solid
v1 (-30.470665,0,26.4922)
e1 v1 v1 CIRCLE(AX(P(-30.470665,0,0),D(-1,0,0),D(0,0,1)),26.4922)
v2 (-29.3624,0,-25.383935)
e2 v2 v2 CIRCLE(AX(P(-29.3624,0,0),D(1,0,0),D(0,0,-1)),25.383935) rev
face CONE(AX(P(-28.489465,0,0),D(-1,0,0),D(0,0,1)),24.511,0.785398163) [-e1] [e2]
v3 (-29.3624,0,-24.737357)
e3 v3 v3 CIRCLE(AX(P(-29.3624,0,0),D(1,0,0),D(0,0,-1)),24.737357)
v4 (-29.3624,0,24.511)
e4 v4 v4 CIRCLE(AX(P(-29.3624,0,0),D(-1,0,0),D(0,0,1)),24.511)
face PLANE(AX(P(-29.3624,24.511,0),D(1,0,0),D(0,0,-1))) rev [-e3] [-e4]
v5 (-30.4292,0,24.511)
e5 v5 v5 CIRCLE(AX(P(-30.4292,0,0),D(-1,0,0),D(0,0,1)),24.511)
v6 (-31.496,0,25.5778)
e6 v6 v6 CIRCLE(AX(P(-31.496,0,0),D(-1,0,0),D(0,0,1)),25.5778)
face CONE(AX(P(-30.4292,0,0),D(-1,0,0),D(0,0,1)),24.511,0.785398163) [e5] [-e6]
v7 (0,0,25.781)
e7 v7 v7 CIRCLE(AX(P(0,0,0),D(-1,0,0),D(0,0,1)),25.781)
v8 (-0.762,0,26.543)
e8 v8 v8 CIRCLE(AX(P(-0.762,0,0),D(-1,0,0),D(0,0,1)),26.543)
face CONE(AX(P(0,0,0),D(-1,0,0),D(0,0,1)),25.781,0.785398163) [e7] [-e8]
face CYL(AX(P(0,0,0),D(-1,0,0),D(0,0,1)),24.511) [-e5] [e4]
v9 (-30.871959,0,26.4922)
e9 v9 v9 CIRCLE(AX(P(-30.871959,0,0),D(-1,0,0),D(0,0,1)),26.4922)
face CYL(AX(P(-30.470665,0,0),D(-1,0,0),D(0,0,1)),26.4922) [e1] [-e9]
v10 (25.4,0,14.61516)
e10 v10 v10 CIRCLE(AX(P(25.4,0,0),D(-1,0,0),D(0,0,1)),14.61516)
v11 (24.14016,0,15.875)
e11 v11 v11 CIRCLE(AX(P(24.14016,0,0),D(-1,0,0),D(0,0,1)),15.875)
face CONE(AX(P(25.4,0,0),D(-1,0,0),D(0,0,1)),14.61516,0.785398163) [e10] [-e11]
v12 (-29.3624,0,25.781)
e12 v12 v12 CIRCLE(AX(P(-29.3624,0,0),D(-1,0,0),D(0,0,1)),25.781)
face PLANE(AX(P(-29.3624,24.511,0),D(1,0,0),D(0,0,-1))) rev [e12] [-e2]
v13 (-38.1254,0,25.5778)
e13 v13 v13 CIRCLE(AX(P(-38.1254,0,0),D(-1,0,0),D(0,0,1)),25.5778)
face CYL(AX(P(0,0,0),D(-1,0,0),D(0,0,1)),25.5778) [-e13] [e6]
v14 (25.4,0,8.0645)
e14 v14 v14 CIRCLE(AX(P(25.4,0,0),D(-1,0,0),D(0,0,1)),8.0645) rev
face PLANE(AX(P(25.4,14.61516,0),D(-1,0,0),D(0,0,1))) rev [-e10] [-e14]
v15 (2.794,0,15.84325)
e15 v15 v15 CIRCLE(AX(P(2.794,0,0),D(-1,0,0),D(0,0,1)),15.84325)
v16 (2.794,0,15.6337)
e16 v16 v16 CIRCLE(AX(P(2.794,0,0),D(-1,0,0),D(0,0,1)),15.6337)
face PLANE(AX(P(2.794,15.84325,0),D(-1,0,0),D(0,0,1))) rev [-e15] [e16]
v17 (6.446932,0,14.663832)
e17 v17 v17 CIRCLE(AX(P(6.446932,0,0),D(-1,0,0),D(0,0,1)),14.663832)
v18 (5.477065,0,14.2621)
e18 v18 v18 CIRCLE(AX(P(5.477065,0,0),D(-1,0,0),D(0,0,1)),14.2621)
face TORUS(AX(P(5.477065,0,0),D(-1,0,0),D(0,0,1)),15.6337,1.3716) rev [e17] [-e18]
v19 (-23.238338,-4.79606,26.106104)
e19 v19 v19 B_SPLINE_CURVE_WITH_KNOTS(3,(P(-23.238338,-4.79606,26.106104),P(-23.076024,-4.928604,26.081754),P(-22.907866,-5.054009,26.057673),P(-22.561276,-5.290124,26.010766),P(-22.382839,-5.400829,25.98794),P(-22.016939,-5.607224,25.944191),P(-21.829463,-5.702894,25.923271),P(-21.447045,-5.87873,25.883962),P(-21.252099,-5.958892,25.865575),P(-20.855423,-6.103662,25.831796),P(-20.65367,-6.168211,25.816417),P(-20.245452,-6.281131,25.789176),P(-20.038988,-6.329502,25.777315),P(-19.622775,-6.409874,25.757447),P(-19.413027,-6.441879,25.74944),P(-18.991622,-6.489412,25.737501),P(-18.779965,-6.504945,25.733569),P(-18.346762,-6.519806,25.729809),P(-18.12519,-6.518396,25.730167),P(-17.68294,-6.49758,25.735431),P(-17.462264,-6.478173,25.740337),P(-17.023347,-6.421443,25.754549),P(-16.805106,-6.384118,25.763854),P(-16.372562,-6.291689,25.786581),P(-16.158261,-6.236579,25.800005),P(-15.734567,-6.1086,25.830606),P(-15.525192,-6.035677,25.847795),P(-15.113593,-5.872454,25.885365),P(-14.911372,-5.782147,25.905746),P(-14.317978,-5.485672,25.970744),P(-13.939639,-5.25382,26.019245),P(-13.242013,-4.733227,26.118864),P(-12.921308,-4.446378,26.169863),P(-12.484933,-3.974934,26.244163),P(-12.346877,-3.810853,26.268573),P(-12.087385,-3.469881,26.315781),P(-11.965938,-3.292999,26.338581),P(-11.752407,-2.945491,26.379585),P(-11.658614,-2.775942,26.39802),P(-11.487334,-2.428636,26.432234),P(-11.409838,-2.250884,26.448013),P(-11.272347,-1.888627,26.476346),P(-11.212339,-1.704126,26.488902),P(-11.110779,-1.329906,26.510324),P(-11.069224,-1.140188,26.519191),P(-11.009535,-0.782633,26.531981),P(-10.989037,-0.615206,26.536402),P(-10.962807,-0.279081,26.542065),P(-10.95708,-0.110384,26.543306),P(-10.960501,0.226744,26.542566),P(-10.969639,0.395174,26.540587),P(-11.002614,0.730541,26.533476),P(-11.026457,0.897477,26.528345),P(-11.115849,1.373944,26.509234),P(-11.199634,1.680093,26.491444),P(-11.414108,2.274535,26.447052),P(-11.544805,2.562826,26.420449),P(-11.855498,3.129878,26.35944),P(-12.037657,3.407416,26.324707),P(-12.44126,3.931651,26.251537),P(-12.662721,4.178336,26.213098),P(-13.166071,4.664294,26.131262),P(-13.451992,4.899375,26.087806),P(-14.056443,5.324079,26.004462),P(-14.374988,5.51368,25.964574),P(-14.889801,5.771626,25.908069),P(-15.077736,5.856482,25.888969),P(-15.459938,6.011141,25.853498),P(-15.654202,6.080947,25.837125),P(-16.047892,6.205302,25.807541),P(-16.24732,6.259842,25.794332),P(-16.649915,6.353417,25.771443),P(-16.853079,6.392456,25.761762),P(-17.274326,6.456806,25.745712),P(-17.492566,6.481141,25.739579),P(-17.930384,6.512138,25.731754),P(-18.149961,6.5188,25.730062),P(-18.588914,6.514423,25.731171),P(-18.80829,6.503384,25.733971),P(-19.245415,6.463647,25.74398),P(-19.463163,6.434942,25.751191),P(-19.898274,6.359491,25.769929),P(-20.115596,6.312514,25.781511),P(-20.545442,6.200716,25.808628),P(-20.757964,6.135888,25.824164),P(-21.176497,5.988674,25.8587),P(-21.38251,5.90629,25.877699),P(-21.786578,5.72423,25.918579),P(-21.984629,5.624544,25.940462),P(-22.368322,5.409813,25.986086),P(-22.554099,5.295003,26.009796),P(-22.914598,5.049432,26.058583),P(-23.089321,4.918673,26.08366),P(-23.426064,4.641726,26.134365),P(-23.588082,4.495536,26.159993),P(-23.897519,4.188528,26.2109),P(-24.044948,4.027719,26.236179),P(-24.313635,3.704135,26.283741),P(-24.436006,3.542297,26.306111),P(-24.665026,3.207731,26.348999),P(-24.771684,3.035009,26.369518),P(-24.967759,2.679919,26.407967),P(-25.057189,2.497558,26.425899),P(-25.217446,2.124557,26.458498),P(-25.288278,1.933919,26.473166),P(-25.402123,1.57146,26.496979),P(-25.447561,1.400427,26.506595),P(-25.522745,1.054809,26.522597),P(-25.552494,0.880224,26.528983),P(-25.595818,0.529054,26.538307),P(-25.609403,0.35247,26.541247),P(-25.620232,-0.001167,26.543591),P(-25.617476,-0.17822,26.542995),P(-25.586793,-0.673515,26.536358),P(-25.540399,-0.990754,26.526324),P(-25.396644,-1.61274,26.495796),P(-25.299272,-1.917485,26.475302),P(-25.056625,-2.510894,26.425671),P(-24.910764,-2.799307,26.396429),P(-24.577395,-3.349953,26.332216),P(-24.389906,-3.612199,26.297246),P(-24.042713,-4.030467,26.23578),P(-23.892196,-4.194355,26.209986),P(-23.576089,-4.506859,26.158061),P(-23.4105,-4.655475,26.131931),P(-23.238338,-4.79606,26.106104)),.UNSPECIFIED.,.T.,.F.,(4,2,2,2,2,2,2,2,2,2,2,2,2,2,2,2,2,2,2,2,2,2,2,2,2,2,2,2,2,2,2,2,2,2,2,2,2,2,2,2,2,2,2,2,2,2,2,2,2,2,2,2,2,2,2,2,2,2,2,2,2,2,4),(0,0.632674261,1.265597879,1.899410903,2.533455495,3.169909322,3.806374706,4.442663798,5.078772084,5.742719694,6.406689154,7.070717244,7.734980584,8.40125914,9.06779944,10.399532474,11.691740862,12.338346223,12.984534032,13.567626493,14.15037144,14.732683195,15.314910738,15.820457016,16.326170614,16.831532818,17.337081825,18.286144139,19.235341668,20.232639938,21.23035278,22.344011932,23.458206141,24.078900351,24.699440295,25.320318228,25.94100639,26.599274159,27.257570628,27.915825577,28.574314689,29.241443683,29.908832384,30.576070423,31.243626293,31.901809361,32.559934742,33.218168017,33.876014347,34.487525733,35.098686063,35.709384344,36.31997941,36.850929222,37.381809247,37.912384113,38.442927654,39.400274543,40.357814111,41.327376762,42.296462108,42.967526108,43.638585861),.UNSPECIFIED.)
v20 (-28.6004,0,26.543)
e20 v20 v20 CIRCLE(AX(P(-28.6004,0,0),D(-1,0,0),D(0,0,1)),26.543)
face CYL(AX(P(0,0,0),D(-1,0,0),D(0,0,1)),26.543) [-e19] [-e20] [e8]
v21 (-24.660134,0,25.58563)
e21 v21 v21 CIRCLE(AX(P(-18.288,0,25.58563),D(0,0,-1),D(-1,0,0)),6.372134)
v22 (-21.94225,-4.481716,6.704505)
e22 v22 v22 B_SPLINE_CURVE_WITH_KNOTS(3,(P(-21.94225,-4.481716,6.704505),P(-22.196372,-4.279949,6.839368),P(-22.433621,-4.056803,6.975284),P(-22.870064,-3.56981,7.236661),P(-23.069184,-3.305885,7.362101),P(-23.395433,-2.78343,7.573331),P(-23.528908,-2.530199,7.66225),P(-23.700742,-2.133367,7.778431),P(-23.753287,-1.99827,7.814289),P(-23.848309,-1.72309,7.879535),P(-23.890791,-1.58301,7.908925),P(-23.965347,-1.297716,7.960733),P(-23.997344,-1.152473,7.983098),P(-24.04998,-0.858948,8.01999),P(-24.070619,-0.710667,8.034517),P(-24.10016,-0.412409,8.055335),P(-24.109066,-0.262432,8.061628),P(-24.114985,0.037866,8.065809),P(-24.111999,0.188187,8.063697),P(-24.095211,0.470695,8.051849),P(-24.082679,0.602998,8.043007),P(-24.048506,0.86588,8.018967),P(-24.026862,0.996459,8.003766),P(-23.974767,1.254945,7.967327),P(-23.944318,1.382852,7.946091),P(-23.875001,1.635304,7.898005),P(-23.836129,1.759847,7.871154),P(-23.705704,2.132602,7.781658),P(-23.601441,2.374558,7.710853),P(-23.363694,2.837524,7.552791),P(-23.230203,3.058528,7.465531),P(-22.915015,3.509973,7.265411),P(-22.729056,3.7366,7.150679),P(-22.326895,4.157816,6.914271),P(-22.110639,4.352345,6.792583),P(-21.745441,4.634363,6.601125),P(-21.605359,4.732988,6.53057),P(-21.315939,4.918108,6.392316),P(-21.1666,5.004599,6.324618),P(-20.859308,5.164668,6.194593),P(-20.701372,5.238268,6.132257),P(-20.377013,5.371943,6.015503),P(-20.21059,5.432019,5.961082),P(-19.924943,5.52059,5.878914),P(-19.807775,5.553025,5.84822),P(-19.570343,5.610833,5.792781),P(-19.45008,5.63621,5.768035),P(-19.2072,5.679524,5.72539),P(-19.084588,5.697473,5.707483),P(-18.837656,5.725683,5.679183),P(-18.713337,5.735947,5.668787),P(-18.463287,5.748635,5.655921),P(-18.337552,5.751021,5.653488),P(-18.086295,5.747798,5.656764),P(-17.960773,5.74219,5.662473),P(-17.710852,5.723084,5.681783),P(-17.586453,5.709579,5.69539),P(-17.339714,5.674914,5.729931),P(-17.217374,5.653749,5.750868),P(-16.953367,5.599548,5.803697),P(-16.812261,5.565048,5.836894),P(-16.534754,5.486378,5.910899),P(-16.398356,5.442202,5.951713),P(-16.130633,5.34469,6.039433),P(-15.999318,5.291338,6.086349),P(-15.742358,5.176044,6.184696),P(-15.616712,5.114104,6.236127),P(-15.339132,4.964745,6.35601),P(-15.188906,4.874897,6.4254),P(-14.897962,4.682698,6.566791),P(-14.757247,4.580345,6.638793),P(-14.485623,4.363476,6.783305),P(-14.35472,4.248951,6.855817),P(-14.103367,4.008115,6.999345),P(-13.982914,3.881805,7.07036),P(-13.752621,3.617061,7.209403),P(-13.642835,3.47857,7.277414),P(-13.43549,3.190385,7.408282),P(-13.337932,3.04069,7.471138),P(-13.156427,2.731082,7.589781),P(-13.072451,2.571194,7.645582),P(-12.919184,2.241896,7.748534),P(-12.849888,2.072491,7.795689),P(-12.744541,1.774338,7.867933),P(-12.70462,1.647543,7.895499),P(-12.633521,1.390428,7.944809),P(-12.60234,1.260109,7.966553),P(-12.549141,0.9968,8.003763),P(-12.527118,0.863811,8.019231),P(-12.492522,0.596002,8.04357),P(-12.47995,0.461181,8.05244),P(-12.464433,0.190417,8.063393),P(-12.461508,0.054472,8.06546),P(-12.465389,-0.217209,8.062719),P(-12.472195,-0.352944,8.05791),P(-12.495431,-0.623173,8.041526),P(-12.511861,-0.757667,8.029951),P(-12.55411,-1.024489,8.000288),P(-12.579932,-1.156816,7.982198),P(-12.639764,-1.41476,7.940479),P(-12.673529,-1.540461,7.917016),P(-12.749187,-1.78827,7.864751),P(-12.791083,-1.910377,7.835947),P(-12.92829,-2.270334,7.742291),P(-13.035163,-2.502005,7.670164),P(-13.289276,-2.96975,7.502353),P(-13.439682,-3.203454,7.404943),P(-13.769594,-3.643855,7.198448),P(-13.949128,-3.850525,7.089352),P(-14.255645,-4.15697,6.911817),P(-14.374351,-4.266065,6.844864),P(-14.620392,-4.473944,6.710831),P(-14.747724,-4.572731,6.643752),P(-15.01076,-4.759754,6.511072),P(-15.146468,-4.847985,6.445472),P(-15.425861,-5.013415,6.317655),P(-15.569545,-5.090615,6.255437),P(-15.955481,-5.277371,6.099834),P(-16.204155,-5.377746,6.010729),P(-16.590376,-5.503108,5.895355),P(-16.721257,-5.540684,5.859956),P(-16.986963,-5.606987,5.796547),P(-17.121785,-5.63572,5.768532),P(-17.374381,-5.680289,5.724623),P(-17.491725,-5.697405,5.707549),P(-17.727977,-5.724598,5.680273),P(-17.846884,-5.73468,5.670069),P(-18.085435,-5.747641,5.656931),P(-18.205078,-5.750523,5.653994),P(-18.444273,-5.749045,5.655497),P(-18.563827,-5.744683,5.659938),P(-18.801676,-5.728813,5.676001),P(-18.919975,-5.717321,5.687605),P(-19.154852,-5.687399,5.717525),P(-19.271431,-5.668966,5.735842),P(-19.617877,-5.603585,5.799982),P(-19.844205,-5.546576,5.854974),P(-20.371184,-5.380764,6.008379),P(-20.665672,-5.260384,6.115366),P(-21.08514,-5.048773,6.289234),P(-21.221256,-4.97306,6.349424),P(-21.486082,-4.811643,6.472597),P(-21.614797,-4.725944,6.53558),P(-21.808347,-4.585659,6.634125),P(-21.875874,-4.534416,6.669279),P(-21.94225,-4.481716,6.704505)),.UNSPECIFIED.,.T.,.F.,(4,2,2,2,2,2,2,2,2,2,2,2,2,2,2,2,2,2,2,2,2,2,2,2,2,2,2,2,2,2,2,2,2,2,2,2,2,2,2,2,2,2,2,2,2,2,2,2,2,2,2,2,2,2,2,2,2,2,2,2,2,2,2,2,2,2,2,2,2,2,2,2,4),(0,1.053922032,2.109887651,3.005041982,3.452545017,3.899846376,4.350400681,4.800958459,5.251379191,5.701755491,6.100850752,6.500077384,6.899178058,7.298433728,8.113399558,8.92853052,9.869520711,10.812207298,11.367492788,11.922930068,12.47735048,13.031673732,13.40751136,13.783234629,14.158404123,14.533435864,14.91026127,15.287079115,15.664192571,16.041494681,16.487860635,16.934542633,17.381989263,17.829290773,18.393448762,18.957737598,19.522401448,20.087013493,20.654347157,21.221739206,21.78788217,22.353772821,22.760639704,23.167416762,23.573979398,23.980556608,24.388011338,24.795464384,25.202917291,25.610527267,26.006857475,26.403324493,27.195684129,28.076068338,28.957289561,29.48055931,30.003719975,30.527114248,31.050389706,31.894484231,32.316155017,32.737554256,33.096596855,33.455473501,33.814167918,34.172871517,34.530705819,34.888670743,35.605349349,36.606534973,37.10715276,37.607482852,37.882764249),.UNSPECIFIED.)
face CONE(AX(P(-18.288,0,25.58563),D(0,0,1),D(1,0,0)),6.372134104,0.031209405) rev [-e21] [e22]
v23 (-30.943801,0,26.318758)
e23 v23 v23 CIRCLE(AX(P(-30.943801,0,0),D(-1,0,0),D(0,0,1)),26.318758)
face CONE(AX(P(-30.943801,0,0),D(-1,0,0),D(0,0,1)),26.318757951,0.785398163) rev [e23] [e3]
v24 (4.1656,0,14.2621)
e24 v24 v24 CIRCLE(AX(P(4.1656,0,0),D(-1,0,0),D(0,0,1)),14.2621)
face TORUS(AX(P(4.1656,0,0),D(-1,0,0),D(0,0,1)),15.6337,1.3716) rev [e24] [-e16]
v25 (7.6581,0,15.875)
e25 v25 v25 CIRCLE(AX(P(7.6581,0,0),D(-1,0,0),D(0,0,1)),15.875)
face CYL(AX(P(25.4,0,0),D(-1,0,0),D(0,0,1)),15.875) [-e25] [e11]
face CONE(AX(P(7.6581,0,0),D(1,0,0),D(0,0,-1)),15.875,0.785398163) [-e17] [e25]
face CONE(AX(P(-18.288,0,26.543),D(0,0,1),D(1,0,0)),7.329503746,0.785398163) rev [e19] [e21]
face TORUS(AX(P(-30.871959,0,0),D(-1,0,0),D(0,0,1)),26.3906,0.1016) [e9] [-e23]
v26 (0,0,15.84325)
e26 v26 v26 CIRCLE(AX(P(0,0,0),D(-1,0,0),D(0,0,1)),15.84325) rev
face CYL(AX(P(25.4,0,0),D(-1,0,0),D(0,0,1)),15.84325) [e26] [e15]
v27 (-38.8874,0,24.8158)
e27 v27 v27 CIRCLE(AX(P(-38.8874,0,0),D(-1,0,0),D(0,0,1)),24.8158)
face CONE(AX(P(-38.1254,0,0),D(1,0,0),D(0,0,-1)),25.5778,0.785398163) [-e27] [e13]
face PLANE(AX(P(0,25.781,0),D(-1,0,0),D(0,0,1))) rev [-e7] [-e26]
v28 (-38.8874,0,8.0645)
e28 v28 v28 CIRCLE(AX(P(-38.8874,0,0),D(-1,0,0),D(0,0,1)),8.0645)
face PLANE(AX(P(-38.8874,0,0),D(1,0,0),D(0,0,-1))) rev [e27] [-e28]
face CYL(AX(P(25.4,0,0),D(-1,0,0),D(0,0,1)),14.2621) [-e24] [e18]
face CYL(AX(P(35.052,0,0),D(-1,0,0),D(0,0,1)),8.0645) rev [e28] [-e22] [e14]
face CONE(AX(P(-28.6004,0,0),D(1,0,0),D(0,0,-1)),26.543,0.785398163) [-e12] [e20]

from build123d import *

# Parameters (mm, degrees)
SKETCH5_W = 73.9394
SKETCH5_H = 8.0645


with BuildPart() as part:
    # Sketch1 → Revolve1 (revolve)
    with BuildSketch(Plane.XY):
        Polygon((-38.8874, 0), (-38.8874, 24.8158), (-38.1254, 25.5778), (-31.496, 25.5778), (-30.4292, 24.511), (-29.3624, 24.511), (-29.3624, 25.781), (-28.6004, 26.543), (-0.762, 26.543), (0, 25.781), (0, 0), align=None)
    revolve(axis=Axis((0, 0, 0), (-1, 0, 0)))

    # Sketch2 → Revolve2 (revolve)
    with BuildSketch(Plane.XY):
        with BuildLine():
            Line((0, 0), (0, 15.84325))
            Line((0, 15.84325), (2.794, 15.84325))
            Line((2.794, 15.84325), (2.794, 15.6337))
            ThreePointArc((2.794, 15.6337), (3.195732339, 14.663832339), (4.1656, 14.2621))
            Line((4.1656, 14.2621), (5.477064678, 14.2621))
            ThreePointArc((5.477064678, 14.2621), (6.001953274, 14.366506833), (6.446932339, 14.663832339))
            Line((6.446932339, 14.663832339), (7.6581, 15.875))
            Line((7.6581, 15.875), (24.14016, 15.875))
            Line((24.14016, 15.875), (25.4, 14.61516))
            Line((25.4, 14.61516), (25.4, 0))
            Line((25.4, 0), (0, 0))
        make_face()
    revolve(axis=Axis((25.4, 0, 0), (-1, 0, 0)))

    # Sketch3 → Cut-Revolve1 (revolve, cut)
    with BuildSketch(Plane(origin=(0, 0, 0), x_dir=(1, 0, 0), z_dir=(0, 1, 0))):
        Polygon((-18.288, 0), (-12.612335918, -3.276846186), (-11.915865896, -25.585630358), (-10.958496254, -26.543), (-10.958496254, -29.083), (-18.288, -29.083), align=None)
    revolve(axis=Axis((-18.288, 0, 29.083), (0, 0, -1)), mode=Mode.SUBTRACT)

    # Sketch4 → Revolve3 (revolve)
    with BuildSketch(Plane.XY):
        with BuildLine():
            Line((-30.94380107, 26.318757951), (-28.812753898, 24.18771078))
            Line((-28.812753898, 24.18771078), (-28.489464678, 24.511))
            Line((-28.489464678, 24.511), (-30.470664678, 26.4922))
            Line((-30.470664678, 26.4922), (-30.871959021, 26.4922))
            ThreePointArc((-30.871959021, 26.4922), (-30.965825181, 26.429480637), (-30.94380107, 26.318757951))
        make_face()
    revolve(axis=Axis((-30.470664678, 0, 0), (-1, 0, 0)))

    # Sketch5 → Cut-Revolve2 (revolve, cut)
    with BuildSketch(Plane.XY):
        with Locations((-1.9177, 4.03225)):
            Rectangle(SKETCH5_W, SKETCH5_H)
    revolve(axis=Axis((35.052, 0, 0), (-1, 0, 0)), mode=Mode.SUBTRACT)


solid = part.part
